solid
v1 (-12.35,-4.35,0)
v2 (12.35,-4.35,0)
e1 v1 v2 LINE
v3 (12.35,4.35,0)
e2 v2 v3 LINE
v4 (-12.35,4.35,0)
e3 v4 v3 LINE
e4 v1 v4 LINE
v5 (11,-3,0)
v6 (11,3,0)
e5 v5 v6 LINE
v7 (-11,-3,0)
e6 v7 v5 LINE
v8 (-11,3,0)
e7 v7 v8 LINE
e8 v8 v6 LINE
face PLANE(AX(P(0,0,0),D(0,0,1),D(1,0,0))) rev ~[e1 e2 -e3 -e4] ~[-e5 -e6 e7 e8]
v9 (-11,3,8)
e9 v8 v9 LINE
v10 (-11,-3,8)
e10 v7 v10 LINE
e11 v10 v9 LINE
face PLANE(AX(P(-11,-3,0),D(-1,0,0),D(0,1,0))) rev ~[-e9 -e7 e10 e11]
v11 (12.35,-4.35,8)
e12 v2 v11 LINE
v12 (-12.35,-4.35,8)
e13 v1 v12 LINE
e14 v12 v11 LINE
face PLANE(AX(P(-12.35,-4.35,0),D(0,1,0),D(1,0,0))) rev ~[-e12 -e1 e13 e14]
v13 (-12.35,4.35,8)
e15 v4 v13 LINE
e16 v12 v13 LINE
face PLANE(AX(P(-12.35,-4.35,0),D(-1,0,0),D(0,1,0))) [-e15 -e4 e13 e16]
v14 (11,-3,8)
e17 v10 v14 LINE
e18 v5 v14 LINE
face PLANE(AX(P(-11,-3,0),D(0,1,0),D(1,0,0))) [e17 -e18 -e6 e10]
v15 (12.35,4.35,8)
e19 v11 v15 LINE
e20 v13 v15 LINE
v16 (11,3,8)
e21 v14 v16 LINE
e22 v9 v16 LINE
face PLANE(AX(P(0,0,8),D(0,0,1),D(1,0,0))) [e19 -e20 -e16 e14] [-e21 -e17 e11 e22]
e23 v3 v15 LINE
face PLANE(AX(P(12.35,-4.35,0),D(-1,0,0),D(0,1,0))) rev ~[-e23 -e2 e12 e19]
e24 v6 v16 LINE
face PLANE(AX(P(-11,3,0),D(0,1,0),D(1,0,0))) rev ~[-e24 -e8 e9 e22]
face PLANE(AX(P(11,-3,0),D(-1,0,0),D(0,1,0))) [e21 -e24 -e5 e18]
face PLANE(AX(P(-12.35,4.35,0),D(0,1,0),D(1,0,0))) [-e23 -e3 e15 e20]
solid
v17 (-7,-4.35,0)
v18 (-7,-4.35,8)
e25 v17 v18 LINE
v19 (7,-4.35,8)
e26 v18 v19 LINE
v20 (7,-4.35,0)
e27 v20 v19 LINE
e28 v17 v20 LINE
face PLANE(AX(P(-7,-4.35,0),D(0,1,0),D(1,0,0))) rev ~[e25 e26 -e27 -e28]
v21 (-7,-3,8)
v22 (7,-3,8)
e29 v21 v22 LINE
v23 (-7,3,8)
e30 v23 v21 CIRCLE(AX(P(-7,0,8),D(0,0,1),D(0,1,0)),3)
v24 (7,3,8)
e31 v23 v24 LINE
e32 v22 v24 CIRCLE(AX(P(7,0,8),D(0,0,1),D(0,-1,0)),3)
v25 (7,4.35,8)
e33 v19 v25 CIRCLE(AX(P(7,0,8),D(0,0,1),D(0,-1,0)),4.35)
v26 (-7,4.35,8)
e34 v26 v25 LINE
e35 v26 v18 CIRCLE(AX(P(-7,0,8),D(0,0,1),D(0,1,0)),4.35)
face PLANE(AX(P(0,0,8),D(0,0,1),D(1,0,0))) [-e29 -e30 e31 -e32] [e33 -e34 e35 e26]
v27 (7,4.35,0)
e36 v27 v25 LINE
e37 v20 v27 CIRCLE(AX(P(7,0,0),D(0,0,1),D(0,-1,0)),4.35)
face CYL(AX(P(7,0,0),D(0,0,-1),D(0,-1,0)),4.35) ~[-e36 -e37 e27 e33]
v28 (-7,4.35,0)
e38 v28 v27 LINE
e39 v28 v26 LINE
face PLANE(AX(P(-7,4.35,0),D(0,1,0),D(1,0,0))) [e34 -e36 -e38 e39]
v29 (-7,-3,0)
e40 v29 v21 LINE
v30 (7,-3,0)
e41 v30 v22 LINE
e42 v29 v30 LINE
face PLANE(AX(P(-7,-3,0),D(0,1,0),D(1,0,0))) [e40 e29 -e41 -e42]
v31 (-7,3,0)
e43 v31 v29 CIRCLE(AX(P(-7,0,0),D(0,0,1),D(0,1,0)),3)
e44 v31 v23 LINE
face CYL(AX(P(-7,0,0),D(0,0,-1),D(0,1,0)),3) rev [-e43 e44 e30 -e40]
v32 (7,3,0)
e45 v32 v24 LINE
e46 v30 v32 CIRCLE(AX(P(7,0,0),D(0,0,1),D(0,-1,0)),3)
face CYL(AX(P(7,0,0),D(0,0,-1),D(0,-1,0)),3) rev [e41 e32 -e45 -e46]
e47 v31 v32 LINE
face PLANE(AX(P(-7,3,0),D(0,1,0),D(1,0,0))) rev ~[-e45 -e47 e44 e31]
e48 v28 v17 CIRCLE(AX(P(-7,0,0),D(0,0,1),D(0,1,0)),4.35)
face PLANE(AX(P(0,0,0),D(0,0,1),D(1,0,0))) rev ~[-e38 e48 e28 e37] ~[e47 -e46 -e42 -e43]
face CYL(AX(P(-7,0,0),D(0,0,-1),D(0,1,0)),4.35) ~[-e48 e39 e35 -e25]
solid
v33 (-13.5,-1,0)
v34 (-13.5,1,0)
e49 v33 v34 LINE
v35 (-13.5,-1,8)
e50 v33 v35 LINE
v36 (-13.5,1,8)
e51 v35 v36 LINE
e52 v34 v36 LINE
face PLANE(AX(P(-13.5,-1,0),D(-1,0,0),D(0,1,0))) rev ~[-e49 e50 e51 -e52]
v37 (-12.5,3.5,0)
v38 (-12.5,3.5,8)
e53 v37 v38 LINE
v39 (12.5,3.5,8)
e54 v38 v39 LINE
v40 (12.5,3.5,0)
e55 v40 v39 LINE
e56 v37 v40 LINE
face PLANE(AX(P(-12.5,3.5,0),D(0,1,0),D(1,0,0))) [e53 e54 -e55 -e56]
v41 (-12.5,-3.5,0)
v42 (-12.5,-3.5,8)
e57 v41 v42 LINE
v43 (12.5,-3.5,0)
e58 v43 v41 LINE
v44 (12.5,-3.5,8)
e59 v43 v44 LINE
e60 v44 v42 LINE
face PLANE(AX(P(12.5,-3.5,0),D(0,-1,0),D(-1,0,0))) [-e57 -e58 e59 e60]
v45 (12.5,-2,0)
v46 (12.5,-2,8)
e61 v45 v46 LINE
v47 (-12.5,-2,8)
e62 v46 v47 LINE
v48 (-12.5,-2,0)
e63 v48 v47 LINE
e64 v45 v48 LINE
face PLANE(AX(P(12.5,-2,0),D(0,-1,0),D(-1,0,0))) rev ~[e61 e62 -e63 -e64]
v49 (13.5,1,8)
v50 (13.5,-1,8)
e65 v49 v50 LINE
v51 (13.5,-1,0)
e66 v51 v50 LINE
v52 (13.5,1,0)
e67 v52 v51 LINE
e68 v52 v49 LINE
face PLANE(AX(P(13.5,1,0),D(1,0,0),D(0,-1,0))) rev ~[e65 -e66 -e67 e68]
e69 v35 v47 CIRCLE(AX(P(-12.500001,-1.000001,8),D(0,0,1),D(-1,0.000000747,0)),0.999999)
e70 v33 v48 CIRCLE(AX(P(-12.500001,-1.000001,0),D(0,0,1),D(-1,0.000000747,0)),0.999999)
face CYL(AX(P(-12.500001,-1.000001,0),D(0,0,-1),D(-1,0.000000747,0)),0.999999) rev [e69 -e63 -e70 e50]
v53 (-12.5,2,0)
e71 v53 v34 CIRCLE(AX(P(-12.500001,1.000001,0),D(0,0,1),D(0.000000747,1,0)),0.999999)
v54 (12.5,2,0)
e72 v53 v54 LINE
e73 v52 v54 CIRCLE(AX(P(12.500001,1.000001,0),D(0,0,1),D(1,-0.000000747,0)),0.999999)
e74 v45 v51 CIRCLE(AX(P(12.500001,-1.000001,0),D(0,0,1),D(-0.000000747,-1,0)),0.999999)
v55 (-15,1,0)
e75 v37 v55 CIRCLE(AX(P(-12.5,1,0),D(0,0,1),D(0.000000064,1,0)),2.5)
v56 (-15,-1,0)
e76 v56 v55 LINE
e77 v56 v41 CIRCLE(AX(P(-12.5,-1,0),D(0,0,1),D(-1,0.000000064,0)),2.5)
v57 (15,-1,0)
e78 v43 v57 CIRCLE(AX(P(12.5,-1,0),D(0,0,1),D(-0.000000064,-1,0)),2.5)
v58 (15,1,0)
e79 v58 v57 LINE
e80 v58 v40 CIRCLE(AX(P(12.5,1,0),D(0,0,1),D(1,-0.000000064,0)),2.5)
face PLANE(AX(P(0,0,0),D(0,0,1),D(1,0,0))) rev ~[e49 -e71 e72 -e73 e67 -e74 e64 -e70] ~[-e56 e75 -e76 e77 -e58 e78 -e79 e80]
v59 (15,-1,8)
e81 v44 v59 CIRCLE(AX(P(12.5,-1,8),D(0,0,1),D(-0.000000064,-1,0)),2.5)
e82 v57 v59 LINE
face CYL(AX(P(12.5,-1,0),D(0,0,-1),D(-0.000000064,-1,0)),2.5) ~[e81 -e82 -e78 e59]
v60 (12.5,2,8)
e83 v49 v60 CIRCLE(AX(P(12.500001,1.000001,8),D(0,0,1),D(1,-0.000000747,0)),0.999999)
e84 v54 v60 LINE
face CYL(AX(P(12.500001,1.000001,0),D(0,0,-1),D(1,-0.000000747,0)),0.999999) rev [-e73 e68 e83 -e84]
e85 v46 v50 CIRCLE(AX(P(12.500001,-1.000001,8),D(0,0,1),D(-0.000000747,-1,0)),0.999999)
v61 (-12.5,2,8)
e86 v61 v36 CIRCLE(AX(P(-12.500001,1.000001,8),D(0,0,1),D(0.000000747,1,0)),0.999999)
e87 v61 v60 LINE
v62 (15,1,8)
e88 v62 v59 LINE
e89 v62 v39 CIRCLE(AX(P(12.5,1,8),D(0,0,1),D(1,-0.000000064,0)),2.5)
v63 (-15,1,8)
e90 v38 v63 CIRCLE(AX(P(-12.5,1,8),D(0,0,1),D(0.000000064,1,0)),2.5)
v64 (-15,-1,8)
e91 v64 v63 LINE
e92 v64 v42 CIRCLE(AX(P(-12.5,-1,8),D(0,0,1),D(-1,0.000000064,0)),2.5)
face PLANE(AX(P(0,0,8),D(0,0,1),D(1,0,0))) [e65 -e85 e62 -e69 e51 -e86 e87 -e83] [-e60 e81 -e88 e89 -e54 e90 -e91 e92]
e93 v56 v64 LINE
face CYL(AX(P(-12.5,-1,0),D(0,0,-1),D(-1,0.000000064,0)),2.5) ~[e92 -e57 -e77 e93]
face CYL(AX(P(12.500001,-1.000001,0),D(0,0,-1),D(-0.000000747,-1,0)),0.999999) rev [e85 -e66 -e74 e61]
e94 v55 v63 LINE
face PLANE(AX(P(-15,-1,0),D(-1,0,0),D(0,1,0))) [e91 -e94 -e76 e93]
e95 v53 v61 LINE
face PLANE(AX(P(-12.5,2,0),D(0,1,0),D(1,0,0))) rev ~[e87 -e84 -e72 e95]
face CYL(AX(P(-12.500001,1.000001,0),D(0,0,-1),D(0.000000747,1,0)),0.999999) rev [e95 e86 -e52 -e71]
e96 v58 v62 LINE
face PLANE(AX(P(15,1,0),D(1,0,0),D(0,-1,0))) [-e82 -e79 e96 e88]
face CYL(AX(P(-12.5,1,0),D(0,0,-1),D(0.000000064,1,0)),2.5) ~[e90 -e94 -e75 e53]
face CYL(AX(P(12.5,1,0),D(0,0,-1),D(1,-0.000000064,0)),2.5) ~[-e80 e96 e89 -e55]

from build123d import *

# Parameters (mm, degrees)
SKETCH_W     = 24.7
SKETCH_H     = 8.7
SKETCH_W_2   = 22
SKETCH_H_2   = 6
PAD_DEPTH    = 8
PAD001_DEPTH = 8
PAD002_DEPTH = 8


with BuildPart() as body:
    # Sketch → Pad (new body)
    with BuildSketch(Plane.XY):
        Rectangle(SKETCH_W, SKETCH_H)
        Rectangle(SKETCH_W_2, SKETCH_H_2, mode=Mode.SUBTRACT)
    extrude(amount=PAD_DEPTH)


with BuildPart() as body001:
    # Sketch001 → Pad001 (new body)
    with BuildSketch(Plane.XY):
        with BuildLine():
            ThreePointArc((-7, 4.35), (-11.35, 0), (-7, -4.35))
            Line((-7, -4.35), (7, -4.35))
            ThreePointArc((7, -4.35), (11.35, 0), (7, 4.35))
            Line((-7, 4.35), (7, 4.35))
        make_face()
        with BuildLine():
            ThreePointArc((-7, 3), (-10, 0), (-7, -3))
            Line((-7, -3), (7, -3))
            ThreePointArc((7, -3), (10, 0), (7, 3))
            Line((-7, 3), (7, 3))
        make_face(mode=Mode.SUBTRACT)
    extrude(amount=PAD001_DEPTH)


with BuildPart() as body002:
    # Sketch002 → Pad002 (new body)
    with BuildSketch(Plane.XY):
        with BuildLine():
            ThreePointArc((-12.5, 3.5), (-14.267767, 2.767767), (-15, 1))
            Line((-15, -1), (-15, 1))
            ThreePointArc((-15, -1), (-14.267767, -2.767767), (-12.5, -3.5))
            Line((12.5, -3.5), (-12.5, -3.5))
            ThreePointArc((12.5, -3.5), (14.267767, -2.767767), (15, -1))
            Line((15, 1), (15, -1))
            ThreePointArc((15, 1), (14.267767, 2.767767), (12.5, 3.5))
            Line((-12.5, 3.5), (12.5, 3.5))
        make_face()
        with BuildLine():
            ThreePointArc((-12.5, 2), (-13.207107, 1.707107), (-13.5, 1))
            Line((-13.5, -1), (-13.5, 1))
            ThreePointArc((-13.5, -1), (-13.207107, -1.707107), (-12.5, -2))
            Line((12.5, -2), (-12.5, -2))
            ThreePointArc((12.5, -2), (13.207107, -1.707107), (13.5, -1))
            Line((13.5, 1), (13.5, -1))
            ThreePointArc((13.5, 1), (13.207107, 1.707107), (12.5, 2))
            Line((-12.5, 2), (12.5, 2))
        make_face(mode=Mode.SUBTRACT)
    extrude(amount=PAD002_DEPTH)


solid = Compound([body.part, body001.part, body002.part])
